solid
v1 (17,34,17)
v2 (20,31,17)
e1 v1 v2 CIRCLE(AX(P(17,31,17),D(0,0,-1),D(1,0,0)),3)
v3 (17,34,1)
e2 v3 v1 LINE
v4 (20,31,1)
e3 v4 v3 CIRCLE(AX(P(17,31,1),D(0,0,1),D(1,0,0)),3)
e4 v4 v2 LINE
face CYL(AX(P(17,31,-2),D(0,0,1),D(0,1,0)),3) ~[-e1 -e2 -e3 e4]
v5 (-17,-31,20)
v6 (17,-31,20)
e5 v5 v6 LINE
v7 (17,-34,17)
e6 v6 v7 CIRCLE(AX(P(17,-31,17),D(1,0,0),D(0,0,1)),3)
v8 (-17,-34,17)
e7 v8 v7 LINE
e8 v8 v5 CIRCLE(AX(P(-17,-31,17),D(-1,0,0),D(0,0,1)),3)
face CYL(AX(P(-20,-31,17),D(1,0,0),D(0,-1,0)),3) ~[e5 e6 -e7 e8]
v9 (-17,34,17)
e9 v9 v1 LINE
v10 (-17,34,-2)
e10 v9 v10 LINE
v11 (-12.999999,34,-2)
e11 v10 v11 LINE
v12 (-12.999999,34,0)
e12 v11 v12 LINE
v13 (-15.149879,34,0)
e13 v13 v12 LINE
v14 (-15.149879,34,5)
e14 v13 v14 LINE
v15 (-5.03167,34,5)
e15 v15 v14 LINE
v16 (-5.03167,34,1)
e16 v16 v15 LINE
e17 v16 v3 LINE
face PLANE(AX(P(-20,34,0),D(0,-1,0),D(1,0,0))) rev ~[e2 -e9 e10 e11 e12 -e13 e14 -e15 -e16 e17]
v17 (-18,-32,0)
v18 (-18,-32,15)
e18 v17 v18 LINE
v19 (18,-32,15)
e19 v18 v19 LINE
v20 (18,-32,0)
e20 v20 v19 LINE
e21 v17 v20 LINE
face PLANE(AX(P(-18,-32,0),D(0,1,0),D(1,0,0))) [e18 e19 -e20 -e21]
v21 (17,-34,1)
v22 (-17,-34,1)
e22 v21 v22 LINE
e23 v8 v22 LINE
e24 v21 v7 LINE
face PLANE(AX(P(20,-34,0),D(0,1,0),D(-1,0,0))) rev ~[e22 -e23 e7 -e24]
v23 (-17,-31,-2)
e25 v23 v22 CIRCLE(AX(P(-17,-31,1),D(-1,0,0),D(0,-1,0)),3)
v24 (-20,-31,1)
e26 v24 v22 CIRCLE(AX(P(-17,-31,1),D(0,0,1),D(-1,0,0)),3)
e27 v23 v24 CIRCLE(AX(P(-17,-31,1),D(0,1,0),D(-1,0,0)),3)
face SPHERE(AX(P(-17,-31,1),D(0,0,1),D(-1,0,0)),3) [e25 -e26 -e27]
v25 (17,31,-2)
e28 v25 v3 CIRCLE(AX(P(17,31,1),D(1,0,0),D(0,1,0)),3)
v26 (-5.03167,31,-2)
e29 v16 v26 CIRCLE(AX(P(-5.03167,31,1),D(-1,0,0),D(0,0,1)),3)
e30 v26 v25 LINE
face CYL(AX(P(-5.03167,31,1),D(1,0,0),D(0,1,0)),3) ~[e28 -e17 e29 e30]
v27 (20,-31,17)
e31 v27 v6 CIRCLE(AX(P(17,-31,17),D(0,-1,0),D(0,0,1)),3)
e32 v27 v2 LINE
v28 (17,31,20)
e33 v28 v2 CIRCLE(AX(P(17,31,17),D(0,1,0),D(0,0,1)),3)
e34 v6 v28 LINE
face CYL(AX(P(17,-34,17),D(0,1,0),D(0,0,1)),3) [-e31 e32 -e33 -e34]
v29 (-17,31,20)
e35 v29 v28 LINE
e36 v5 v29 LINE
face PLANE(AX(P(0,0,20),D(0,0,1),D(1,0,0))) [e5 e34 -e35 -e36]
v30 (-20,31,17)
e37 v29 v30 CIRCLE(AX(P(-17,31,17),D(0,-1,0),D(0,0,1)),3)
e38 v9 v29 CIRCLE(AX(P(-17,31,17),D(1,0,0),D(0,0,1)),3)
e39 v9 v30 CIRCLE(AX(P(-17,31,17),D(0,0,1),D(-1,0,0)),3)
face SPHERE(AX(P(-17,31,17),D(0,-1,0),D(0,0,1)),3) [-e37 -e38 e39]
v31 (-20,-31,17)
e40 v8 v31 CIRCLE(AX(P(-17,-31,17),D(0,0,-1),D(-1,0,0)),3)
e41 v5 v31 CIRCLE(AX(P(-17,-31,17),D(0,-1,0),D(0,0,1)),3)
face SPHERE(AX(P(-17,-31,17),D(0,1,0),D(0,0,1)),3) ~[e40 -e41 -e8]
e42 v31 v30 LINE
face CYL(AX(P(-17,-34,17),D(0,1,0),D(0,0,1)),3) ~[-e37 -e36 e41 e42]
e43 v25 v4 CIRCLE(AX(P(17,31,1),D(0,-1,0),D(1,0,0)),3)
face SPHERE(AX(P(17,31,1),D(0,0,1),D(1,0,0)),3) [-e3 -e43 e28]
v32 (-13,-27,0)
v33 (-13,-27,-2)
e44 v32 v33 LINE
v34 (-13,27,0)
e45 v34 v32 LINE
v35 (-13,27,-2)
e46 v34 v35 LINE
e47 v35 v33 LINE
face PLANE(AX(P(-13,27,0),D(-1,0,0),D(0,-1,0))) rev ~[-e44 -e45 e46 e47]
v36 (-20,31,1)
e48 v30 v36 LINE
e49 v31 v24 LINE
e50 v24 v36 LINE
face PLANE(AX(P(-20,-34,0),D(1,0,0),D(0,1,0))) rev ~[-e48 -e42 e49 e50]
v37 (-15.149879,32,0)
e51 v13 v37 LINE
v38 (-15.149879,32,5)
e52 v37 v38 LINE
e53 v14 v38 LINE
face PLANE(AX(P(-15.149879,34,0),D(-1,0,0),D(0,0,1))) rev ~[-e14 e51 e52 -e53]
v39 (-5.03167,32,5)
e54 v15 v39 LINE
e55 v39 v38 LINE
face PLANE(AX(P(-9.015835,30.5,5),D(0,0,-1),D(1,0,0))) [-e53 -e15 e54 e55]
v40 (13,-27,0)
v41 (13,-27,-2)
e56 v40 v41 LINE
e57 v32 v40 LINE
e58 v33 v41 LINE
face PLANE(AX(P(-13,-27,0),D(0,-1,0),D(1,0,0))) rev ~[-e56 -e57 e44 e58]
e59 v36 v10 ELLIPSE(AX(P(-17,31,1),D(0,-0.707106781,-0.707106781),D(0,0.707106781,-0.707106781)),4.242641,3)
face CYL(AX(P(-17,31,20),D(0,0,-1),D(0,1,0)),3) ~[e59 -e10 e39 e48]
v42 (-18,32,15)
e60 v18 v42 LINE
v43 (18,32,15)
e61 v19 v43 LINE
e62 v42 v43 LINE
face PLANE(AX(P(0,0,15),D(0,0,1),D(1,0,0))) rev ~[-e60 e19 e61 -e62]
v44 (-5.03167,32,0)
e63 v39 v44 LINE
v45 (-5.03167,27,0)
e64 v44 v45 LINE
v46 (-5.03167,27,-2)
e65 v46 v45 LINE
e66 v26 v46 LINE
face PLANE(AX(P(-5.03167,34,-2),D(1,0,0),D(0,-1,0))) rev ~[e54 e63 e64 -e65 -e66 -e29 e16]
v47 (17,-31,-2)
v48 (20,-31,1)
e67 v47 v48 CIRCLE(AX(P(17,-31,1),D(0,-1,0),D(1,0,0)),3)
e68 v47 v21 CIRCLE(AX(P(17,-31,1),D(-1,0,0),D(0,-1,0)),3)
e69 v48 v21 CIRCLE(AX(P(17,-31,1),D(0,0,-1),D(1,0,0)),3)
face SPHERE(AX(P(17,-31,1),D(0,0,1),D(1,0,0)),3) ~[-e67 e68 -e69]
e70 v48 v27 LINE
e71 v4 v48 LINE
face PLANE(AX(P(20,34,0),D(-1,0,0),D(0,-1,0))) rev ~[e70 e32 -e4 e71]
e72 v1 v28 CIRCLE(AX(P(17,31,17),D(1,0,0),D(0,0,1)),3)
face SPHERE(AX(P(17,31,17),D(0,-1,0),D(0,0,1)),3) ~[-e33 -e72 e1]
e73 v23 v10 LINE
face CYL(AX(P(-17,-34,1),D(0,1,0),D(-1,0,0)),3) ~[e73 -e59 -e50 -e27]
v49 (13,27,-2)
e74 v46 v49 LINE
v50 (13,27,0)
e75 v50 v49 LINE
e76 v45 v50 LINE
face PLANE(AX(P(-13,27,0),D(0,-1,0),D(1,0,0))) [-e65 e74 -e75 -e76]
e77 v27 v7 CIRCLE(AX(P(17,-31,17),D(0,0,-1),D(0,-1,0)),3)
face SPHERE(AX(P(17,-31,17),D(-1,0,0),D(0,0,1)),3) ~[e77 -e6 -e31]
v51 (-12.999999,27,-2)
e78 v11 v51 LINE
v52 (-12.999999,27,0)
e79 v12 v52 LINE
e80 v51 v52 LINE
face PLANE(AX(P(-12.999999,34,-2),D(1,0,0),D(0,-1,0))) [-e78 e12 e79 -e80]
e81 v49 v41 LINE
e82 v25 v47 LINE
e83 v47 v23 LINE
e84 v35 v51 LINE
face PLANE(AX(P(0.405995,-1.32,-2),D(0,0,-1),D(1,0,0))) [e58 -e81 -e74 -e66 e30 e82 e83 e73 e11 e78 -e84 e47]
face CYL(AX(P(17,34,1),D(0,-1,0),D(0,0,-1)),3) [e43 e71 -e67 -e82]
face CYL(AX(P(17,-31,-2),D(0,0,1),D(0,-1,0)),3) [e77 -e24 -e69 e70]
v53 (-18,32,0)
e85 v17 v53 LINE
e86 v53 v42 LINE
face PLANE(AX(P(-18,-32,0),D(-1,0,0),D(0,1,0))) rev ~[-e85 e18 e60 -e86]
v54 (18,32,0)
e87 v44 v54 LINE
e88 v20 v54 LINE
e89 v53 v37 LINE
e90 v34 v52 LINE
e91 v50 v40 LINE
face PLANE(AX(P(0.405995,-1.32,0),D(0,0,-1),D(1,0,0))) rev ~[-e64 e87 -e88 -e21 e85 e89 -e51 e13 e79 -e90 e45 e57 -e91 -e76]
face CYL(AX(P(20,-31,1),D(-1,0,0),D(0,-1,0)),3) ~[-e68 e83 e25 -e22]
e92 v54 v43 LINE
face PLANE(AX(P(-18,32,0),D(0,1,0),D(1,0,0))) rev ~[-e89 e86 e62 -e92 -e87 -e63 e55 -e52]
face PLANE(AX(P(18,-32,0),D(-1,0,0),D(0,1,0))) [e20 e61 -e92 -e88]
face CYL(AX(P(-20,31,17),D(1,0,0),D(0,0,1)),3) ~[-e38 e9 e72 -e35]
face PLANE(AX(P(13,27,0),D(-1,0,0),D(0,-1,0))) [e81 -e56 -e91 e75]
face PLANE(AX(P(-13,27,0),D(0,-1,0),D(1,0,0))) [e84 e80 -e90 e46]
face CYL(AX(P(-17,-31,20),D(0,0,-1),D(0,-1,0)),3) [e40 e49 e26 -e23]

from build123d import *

# Parameters (mm, degrees)
F0_W     = 40
F0_H     = 68
F0_W_2   = 36
F0_H_2   = 64
F1_DEPTH = 20
F2_DEPTH = 15
F3_W     = 10
F3_H     = 5
F4_DEPTH = 25
F5_W     = 26
F5_H     = 54
F6_DEPTH = 2
F7_W     = 7.968329
F7_H     = 7
F8_DEPTH = 7
F9_R     = 3


with BuildPart() as f1:
    # F0 (on Top) → F1 (new body)
    with BuildSketch(Plane.XY):
        Rectangle(F0_W, F0_H)
        Rectangle(F0_W_2, F0_H_2, mode=Mode.SUBTRACT)
        Rectangle(F0_W_2, F0_H_2)
    extrude(amount=F1_DEPTH)

    # F0 (on Top) → F2 (cut)
    with BuildSketch(Plane.XY):
        Rectangle(F0_W_2, F0_H_2)
    extrude(amount=F2_DEPTH, mode=Mode.SUBTRACT)

    # F3 (on face) → F4 (cut)
    with BuildSketch(Plane(origin=(0, 34, 0), x_dir=(-1, 0, 0), z_dir=(0, 1, 0))):
        with Locations((10.149879, 2.5)):
            Rectangle(F3_W, F3_H)
    extrude(amount=-F4_DEPTH, mode=Mode.SUBTRACT)

    # F5 (on face) → F6 (join)
    with BuildSketch(Plane(origin=(0, 0, 0), x_dir=(1, 0, 0), z_dir=(0, 0, -1))):
        Polygon((20, 34), (-20, 34), (-20, -34), (-15.149879, -34), (-15.149879, -32), (-18, -32), (-18, 32), (18, 32), (18, -32), (-5.149879, -32), (-5.149879, -34), (20, -34), align=None)
        Polygon((-15.149879, -32), (-15.149879, -34), (-5.149879, -34), (-5.149879, -32), (18, -32), (18, 32), (-18, 32), (-18, -32), align=None)
        Rectangle(F5_W, F5_H, mode=Mode.SUBTRACT)
    extrude(amount=F6_DEPTH)

    # F7 (on face) → F8 (cut)
    with BuildSketch(Plane(origin=(0, 0, -2), x_dir=(1, 0, 0), z_dir=(0, 0, -1))):
        with Locations((-9.015835, -30.5)):
            Rectangle(F7_W, F7_H)
    extrude(amount=-F8_DEPTH, mode=Mode.SUBTRACT)

    # F9
    f9_edges = [f1.edges().sort_by_distance(p)[0] for p in [
        (-20, 0, 20),
        (0, -34, 20),
        (20, 0, 20),
        (0, 34, 20),
        (20, 34, 9),
        (-20, -34, 9),
        (-20, 0, -2),
        (-20, 34, 9),
        (20, -34, 9),
        (20, 0, -2),
        (0, -34, -2),
        (7.484165, 34, -2),
    ]]
    fillet(f9_edges, radius=F9_R)


solid = f1.part
